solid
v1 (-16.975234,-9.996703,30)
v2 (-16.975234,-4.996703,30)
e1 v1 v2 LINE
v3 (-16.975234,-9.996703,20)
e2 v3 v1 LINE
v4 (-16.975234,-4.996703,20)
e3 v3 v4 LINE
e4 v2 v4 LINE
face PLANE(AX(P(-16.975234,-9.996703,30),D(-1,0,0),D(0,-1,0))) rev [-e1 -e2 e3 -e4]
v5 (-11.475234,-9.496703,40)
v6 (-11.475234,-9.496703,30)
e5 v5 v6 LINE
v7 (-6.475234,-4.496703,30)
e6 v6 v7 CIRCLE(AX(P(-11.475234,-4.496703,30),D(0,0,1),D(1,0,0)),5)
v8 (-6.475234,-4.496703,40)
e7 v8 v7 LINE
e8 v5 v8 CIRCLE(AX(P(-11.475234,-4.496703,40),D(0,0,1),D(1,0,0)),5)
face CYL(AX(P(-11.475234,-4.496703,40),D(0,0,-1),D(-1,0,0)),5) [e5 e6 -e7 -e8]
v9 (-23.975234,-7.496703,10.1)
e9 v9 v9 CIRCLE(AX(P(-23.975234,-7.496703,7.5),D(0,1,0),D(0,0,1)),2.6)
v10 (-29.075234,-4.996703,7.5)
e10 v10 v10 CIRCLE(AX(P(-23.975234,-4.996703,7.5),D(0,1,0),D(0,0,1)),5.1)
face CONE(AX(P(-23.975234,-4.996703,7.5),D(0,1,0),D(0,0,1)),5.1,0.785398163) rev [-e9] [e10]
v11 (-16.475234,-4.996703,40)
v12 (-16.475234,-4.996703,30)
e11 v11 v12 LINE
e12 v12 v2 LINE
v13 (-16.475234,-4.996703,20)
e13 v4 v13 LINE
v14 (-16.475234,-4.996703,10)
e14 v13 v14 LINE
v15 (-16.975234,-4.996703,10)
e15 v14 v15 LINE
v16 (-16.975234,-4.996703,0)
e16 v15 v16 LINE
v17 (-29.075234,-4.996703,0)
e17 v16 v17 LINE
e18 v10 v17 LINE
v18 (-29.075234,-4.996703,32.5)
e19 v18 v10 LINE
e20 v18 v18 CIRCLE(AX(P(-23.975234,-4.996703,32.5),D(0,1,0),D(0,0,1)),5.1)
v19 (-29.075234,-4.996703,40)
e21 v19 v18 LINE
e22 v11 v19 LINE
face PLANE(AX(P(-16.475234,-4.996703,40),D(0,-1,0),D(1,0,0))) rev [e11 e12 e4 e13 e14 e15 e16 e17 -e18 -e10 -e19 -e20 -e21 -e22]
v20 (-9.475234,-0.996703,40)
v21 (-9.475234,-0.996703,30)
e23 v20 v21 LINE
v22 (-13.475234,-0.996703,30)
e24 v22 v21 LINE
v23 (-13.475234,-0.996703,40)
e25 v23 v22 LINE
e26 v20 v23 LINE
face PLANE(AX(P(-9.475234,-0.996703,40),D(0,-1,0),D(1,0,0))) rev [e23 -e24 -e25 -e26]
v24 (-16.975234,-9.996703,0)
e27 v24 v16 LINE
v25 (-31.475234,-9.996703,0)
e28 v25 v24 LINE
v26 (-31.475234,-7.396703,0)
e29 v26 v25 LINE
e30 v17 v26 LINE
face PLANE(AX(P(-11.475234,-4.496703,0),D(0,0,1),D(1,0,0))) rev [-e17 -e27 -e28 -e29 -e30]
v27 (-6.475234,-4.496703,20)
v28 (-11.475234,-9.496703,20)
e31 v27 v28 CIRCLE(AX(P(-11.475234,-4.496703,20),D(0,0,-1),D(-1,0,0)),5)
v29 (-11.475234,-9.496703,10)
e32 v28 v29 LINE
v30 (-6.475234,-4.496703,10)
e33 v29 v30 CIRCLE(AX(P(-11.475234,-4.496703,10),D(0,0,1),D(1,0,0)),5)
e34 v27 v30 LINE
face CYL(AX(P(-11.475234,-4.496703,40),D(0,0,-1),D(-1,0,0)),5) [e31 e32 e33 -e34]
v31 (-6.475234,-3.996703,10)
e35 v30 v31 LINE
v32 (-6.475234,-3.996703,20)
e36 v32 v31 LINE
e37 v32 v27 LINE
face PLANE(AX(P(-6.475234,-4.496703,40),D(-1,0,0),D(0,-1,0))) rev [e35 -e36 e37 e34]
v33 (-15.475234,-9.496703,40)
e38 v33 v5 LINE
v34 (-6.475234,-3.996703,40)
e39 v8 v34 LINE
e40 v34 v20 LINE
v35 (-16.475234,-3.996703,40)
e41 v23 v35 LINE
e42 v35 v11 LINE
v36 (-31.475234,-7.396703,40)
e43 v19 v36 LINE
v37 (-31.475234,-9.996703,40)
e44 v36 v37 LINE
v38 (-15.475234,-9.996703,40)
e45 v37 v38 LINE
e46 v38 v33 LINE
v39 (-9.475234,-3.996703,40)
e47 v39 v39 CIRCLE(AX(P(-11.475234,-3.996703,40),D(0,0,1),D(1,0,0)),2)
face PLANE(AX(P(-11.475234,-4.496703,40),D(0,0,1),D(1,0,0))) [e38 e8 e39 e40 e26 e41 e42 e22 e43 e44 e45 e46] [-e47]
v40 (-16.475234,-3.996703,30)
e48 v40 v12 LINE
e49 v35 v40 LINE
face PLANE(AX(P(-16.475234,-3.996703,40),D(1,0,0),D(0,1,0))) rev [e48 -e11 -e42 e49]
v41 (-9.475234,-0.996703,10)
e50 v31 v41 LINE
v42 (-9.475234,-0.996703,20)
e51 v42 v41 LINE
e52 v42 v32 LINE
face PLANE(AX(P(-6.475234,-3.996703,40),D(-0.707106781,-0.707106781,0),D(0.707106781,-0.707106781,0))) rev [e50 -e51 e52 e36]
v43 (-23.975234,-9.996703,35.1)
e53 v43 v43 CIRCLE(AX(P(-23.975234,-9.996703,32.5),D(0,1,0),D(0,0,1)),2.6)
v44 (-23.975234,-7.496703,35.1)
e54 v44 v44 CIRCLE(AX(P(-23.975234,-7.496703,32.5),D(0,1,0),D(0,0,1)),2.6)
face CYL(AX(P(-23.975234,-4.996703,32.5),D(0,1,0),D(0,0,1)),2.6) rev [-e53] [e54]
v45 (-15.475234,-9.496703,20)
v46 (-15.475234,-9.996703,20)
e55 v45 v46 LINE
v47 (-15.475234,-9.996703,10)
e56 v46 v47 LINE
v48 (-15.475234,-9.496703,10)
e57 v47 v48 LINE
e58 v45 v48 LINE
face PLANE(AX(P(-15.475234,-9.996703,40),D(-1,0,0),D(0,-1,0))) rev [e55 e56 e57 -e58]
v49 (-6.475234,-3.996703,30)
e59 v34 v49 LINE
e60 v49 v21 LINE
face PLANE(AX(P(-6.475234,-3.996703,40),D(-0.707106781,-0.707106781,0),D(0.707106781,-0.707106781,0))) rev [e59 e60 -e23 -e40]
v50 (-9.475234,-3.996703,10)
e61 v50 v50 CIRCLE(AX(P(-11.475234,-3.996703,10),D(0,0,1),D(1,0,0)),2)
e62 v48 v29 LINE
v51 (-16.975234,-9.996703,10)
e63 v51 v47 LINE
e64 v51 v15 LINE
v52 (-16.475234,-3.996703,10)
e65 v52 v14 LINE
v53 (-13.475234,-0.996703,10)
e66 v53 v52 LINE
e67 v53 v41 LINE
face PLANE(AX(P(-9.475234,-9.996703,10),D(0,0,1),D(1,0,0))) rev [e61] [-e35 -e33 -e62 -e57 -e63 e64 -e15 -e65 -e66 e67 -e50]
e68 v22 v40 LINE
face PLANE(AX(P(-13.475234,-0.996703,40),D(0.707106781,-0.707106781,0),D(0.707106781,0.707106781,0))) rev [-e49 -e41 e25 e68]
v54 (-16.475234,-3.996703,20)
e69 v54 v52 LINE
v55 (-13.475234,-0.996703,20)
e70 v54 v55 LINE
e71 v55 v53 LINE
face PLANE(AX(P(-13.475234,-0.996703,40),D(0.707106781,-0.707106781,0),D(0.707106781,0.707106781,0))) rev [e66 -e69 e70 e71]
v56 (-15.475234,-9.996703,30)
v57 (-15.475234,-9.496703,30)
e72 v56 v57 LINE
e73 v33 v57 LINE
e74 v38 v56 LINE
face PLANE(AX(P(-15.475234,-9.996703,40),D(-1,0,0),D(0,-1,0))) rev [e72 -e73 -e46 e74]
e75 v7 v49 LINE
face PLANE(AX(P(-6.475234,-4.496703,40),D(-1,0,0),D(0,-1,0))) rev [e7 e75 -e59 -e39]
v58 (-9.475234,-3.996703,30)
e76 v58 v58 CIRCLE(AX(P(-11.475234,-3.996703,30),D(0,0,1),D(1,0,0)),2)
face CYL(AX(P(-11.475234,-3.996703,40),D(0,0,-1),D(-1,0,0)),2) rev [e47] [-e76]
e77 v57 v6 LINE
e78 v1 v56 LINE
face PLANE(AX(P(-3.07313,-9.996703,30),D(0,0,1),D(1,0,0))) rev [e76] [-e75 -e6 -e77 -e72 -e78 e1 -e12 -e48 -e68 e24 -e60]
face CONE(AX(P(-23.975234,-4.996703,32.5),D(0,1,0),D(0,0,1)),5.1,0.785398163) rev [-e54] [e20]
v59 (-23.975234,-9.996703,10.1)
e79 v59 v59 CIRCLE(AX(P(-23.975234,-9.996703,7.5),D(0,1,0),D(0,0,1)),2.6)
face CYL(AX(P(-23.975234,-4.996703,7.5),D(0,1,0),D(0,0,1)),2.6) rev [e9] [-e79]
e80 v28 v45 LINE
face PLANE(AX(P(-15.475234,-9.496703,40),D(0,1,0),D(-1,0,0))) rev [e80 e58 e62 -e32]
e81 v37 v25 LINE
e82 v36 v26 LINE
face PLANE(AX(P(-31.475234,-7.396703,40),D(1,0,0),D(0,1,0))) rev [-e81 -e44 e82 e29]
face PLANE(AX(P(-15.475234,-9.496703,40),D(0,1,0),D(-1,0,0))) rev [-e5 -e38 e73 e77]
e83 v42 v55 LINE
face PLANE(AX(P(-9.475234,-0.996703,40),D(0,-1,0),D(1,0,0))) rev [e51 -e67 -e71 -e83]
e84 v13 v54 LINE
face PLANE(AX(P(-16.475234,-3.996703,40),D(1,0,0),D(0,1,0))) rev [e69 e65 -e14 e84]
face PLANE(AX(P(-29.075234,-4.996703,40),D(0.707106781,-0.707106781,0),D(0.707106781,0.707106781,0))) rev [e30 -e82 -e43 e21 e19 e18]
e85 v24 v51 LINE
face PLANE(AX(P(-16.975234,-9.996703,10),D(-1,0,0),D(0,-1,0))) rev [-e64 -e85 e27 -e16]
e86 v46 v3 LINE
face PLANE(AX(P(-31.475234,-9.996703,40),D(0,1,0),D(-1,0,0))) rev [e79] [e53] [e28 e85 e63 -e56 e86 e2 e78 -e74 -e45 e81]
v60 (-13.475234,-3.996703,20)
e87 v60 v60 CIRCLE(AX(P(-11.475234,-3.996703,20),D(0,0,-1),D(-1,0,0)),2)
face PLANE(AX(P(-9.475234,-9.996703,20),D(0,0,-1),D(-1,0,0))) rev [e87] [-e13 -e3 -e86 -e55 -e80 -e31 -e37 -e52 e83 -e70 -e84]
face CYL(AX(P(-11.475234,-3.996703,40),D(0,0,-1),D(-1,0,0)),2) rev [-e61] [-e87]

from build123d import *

# Parameters (mm, degrees)
SKETCH1_R               = 2
EXTRUDE1_DEPTH          = 40
CUT_EXTRUDE1_DEPTH      = 5
CUT_EXTRUDE1_DEPTH_BACK = 6
HOLE1_AT_2_COUNT        = 2
HOLE1_AT_2_PITCH        = 25


with BuildPart() as part:
    # Sketch1 → Extrude1 (new body)
    with BuildSketch(Plane.XY):
        with BuildLine():
            Line((-31.475233645, -9.996703011), (-15.475233645, -9.996703011))
            Line((-15.475233645, -9.996703011), (-15.475233645, -9.496703011))
            Line((-15.475233645, -9.496703011), (-11.475233645, -9.496703011))
            ThreePointArc((-11.475233645, -9.496703011), (-7.939699739, -8.032236917), (-6.475233645, -4.496703011))
            Line((-6.475233645, -4.496703011), (-6.475233645, -3.996703011))
            Line((-6.475233645, -3.996703011), (-9.475233645, -0.996703011))
            Line((-9.475233645, -0.996703011), (-13.475233645, -0.996703011))
            Line((-13.475233645, -0.996703011), (-16.475233645, -3.996703011))
            Line((-16.475233645, -3.996703011), (-16.475233645, -4.996703011))
            Line((-16.475233645, -4.996703011), (-29.075233645, -4.996703011))
            Line((-29.075233645, -4.996703011), (-31.475233645, -7.396703011))
            Line((-31.475233645, -7.396703011), (-31.475233645, -9.996703011))
        make_face()
        with Locations((-11.475233645, -3.996703011)):
            Circle(SKETCH1_R, mode=Mode.SUBTRACT)
    extrude(amount=EXTRUDE1_DEPTH)

    # Sketch2 → Cut-Extrude1 (cut, two sides)
    with BuildSketch(Plane(origin=(0, -4.996703011, 0), x_dir=(1, 0, 0), z_dir=(0, 1, 0))) as cut_extrude1_sk:
        Polygon((-9.475233645, -20), (-16.975233645, -20), (-16.975233645, -28.700140492), (-16.975233645, -30), (-3.073130332, -30), (-3.073130332, -20), align=None)
        Polygon((-9.475233645, -10), (-16.975233645, -10), (-16.975233645, 0), (-9.475233645, 0), (-4.909711278, 0), (-4.909711278, -10), align=None)
    extrude(amount=CUT_EXTRUDE1_DEPTH, mode=Mode.SUBTRACT)
    extrude(cut_extrude1_sk.sketch, amount=-CUT_EXTRUDE1_DEPTH_BACK, mode=Mode.SUBTRACT)

    # Sketch4 → Hole1 (revolve, cut)
    with BuildSketch(Plane(origin=(-23.975233645, -4.996703011, 7.5), x_dir=(0, 0, 1), z_dir=(1, 0, 0))):
        Polygon((0, 0), (0, 5), (2.6, 5), (2.6, 2.5), (5.1, 0), align=None)
    hole1 = revolve(axis=Axis((-23.975233645, 1.353296989, 7.5), (0, -1, 0)), mode=Mode.SUBTRACT)

    # Hole1 at 2: Hole1 ×2
    with Locations(*[(0, 0, i * HOLE1_AT_2_PITCH) for i in range(1, HOLE1_AT_2_COUNT)]):
        add(hole1, mode=Mode.SUBTRACT)


solid = part.part
